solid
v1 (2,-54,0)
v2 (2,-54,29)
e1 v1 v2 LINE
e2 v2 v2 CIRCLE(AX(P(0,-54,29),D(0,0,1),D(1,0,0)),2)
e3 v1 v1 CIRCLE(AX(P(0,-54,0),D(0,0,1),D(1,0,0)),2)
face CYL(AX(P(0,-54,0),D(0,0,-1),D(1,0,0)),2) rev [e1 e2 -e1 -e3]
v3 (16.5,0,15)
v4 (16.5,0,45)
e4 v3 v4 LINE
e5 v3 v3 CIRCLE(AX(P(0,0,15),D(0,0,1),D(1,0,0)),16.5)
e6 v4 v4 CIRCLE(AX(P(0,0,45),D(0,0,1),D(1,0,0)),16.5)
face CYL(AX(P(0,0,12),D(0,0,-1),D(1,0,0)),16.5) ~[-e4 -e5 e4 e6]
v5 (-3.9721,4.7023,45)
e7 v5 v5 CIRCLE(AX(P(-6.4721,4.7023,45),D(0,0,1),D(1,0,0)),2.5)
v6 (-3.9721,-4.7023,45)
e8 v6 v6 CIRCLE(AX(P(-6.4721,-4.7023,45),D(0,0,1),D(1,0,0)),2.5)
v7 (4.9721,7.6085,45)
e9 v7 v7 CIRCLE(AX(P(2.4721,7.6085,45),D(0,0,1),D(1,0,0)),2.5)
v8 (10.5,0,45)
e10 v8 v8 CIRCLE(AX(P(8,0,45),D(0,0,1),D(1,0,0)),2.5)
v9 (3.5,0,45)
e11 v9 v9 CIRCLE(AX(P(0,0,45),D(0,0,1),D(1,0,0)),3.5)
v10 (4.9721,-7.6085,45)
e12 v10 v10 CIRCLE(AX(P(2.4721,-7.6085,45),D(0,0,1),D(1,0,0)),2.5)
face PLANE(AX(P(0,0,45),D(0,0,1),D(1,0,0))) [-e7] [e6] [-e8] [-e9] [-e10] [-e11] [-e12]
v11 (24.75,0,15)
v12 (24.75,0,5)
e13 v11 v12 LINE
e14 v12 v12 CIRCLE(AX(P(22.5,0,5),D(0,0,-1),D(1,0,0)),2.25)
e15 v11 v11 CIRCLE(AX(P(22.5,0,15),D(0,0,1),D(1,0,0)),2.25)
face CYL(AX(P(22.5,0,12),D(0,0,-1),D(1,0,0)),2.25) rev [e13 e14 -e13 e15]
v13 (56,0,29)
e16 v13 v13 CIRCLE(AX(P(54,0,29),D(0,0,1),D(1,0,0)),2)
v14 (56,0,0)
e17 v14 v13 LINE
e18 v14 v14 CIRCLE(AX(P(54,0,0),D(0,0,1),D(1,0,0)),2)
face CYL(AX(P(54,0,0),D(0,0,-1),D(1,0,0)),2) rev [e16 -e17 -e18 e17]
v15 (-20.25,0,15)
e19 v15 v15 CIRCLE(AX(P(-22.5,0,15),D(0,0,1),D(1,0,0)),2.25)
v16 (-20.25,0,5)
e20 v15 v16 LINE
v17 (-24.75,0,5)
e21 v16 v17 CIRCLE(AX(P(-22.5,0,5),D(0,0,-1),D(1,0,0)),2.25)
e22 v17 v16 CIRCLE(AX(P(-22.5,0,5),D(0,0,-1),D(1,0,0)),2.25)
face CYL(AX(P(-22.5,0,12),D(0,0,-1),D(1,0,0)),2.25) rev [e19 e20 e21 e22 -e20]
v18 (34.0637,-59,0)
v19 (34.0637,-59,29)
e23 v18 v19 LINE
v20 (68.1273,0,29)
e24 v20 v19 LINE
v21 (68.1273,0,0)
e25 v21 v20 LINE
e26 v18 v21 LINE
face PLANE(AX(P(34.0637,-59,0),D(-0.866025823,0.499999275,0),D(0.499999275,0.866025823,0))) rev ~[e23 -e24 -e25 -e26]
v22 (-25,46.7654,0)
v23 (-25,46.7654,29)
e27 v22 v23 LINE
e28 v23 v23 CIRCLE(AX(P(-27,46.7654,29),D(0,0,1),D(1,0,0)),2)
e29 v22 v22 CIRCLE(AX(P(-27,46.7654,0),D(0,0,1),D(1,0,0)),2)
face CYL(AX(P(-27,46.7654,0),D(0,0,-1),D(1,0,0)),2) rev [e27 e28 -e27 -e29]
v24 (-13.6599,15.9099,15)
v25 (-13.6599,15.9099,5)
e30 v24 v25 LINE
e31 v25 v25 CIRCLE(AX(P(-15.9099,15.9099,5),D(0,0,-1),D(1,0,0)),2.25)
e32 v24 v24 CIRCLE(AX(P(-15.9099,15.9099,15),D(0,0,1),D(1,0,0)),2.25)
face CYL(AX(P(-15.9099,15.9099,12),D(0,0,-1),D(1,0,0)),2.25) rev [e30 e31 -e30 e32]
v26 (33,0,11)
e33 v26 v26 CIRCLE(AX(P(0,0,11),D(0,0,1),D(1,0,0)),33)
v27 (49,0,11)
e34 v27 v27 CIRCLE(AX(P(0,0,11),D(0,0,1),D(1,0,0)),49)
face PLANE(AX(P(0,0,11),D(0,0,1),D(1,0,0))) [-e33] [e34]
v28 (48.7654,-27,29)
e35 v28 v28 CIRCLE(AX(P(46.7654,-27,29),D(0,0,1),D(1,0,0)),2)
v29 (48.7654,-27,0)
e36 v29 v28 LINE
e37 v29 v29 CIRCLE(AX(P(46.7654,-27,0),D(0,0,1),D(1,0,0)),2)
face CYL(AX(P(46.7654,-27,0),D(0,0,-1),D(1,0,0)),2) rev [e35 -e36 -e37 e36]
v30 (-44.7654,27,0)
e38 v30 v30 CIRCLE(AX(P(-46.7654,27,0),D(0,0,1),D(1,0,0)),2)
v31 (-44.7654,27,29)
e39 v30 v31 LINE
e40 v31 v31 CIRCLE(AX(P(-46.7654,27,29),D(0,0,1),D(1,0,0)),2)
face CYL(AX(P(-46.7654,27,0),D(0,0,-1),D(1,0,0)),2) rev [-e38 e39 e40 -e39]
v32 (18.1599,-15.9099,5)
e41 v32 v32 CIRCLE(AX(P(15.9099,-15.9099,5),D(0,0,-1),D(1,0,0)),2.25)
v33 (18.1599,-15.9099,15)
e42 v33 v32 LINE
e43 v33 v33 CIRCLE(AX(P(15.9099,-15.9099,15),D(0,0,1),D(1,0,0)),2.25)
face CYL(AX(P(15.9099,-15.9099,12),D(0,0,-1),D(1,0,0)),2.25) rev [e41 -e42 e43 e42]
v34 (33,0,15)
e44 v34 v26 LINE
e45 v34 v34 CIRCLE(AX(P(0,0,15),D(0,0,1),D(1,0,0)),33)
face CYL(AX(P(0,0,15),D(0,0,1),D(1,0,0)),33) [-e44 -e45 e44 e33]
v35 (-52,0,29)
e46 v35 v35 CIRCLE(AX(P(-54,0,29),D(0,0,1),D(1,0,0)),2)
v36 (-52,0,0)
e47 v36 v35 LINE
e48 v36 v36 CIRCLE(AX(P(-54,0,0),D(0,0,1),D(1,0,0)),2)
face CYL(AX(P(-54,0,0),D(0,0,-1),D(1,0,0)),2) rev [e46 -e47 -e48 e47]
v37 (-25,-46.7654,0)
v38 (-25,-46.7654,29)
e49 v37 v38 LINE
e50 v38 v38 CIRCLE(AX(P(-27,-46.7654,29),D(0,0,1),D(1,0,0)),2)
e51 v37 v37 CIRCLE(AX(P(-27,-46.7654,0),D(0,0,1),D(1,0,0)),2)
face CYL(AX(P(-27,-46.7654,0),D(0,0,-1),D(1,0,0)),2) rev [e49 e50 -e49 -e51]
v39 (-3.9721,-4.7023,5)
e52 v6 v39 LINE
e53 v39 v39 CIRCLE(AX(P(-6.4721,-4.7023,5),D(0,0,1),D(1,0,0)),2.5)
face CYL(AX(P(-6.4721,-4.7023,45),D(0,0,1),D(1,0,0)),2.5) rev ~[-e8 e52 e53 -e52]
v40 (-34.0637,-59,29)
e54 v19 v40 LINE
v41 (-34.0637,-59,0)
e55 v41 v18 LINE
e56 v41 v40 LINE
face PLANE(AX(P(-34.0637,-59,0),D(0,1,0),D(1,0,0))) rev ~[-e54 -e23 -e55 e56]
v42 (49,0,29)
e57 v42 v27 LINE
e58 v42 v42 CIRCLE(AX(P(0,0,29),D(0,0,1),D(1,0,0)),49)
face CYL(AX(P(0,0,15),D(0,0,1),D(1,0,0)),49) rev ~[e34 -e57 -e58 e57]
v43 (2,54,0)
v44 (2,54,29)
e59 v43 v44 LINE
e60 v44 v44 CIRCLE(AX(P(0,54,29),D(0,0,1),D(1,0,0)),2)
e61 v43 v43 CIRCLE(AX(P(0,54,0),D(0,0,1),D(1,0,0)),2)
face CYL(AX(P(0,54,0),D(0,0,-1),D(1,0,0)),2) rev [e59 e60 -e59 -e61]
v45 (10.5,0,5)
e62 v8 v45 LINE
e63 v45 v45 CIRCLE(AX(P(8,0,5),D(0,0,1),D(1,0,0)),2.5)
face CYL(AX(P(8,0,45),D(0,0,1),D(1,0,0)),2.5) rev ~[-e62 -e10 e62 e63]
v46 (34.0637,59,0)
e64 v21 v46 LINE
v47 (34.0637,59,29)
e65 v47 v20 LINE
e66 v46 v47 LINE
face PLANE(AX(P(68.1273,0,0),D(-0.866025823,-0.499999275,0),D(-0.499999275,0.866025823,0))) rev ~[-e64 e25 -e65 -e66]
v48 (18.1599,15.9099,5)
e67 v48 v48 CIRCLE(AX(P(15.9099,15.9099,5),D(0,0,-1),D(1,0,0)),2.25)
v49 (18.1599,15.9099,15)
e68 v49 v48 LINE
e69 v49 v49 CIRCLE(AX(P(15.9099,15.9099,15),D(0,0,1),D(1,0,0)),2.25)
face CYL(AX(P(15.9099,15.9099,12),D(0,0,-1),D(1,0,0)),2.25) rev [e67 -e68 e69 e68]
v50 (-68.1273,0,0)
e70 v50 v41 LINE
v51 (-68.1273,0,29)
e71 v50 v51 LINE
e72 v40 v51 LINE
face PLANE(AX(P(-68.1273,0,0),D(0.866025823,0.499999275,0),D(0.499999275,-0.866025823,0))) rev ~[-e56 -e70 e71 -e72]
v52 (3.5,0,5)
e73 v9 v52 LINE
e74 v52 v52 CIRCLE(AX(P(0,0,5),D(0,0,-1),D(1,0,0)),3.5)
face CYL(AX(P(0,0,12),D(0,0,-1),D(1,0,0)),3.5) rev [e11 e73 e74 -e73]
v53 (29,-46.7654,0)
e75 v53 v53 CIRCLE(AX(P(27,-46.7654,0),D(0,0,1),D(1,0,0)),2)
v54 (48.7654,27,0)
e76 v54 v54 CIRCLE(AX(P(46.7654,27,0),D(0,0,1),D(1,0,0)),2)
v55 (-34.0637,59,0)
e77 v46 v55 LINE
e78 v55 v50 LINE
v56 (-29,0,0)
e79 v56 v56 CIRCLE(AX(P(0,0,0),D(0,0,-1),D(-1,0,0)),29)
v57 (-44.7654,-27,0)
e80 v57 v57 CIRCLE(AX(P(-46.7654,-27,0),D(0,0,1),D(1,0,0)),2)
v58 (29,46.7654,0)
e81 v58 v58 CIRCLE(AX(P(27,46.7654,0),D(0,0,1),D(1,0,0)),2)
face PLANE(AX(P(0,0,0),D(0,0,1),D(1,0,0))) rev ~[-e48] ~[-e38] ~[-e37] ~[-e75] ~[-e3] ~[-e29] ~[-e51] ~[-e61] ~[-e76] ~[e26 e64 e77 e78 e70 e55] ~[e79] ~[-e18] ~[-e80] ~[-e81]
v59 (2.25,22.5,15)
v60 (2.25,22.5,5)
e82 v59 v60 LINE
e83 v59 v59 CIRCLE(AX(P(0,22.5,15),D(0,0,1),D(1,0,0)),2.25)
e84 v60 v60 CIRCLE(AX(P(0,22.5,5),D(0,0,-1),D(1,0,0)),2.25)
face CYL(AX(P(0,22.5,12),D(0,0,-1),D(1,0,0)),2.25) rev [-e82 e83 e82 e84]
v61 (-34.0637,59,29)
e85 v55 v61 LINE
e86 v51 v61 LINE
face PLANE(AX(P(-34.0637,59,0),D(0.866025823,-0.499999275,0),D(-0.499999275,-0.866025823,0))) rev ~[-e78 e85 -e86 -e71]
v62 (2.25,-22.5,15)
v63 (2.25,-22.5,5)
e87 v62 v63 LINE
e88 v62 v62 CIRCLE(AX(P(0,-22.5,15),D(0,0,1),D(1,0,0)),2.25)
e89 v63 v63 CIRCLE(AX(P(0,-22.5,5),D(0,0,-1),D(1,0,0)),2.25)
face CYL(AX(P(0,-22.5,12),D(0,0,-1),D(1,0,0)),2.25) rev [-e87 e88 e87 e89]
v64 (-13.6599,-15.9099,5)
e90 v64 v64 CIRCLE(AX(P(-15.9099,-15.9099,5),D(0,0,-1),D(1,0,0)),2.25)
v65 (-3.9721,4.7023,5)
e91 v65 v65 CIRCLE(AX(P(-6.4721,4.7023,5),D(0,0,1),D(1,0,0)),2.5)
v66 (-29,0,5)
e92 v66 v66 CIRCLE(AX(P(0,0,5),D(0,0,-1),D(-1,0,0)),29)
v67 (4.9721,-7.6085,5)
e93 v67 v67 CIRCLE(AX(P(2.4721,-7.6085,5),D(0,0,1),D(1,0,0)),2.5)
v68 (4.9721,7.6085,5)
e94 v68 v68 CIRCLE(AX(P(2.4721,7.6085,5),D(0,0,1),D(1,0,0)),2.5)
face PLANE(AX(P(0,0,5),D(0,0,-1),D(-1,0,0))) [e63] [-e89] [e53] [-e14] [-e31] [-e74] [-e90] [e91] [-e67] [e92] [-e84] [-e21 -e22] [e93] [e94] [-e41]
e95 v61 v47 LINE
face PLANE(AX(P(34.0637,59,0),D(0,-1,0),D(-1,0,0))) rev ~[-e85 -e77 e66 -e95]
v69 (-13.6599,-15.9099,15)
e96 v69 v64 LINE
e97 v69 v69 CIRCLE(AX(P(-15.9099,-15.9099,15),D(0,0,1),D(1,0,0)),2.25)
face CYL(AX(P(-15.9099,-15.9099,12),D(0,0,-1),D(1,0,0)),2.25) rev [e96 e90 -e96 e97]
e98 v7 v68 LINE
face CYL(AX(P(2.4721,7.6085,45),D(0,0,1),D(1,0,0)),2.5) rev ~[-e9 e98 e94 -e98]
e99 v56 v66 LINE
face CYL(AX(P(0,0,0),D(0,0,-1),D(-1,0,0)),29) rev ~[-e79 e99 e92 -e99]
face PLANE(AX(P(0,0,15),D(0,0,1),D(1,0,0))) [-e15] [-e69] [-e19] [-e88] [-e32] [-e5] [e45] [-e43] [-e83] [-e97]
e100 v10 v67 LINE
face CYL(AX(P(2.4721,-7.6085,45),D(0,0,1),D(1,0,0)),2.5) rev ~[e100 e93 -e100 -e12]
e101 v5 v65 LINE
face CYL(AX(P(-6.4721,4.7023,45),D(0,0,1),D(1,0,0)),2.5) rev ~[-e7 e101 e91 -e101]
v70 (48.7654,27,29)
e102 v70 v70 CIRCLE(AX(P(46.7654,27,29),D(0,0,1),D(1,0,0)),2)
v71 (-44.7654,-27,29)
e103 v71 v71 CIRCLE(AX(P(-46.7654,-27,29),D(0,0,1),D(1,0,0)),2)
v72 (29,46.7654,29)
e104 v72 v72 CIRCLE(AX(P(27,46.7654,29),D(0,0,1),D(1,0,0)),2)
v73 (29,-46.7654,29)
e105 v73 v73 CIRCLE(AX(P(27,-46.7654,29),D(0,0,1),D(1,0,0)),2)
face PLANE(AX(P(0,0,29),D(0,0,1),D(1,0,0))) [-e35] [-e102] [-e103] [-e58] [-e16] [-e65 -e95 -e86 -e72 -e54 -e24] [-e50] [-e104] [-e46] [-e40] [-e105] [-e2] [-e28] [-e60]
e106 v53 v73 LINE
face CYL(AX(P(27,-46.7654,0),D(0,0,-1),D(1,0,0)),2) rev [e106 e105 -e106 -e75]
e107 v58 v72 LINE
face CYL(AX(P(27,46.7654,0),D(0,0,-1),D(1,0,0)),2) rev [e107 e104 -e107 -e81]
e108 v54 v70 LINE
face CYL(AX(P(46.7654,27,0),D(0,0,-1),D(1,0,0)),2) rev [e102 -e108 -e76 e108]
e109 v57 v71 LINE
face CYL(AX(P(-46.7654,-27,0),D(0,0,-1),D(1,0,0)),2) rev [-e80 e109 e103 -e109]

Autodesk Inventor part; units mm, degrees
ref_plane "YZ Plane" through (0, 0, 0) normal (1, 0, 0) x (0, 1, 0)
ref_plane "XZ Plane" through (0, 0, 0) normal (0, 1, 0) x (-1, 0, 0)
ref_plane "XY Plane" through (0, 0, 0) normal (0, 0, 1) x (1, 0, 0)
sketch "Sketch1" plane through (0, 0, 0) normal (0, 0, 1) x (1, 0, 0)
  circle A0 centre (0, 0) radius 3.5
  line L0 (77.9423, 0) -> (38.9711, -67.5)
  line L1 (38.9711, -67.5) -> (-38.9711, -67.5)
  line L2 (-38.9711, -67.5) -> (-77.9423, 0)
  line L3 (-77.9423, 0) -> (-38.9711, 67.5)
  line L4 (-38.9711, 67.5) -> (38.9711, 67.5)
  line L5 (38.9711, 67.5) -> (77.9423, 0)
  circle A1 centre (22.5, 0) radius 2.25
  circle A2 centre (54, 0) radius 2
  circle A3 centre (15.9099, 15.9099) radius 2.25
  circle A4 centre (0, 22.5) radius 2.25
  circle A5 centre (-15.9099, 15.9099) radius 2.25
  circle A6 centre (-22.5, 0) radius 2.25
  circle A7 centre (-15.9099, -15.9099) radius 2.25
  circle A8 centre (0, -22.5) radius 2.25
  circle A9 centre (15.9099, -15.9099) radius 2.25
  circle A10 centre (46.7654, 27) radius 2
  circle A11 centre (27, 46.7654) radius 2
  circle A12 centre (0, 54) radius 2
  circle A13 centre (-27, 46.7654) radius 2
  circle A14 centre (-46.7654, 27) radius 2
  circle A15 centre (-54, 0) radius 2
  circle A16 centre (-46.7654, -27) radius 2
  circle A17 centre (-27, -46.7654) radius 2
  circle A18 centre (0, -54) radius 2
  circle A19 centre (27, -46.7654) radius 2
  circle A20 centre (46.7654, -27) radius 2
  dimension "d0" = 7
  dimension "d1" = 135
  dimension "d2" = 22.5
  dimension "d3" = 4.5
  dimension "d4" = 4
  dimension "d5" = 54
  dimension "d8" = 360
  dimension "d12" = 360
extrude "Extrusion1" add sketch "Sketch1" along normal blind 30
sketch "Sketch2" plane through (0, 0, 30) normal (0, 0, 1) x (1, 0, 0)
  circle A0 centre (0, 0) radius 3.5 projected
  circle A1 centre (0, 0) radius 49
  dimension "d16" = 98
extrude "Extrusion2" cut sketch "Sketch2" against normal blind 15
sketch "Sketch3" plane through (0, 0, 15) normal (0, 0, 1) x (1, 0, 0)
  circle A0 centre (0, 0) radius 33
  dimension "d19" = 66
extrude "Extrusion3" cut sketch "Sketch3" against normal blind 3
sketch "Sketch4" plane through (0, 0, 12) normal (0, 0, 1) x (1, 0, 0)
  circle A0 centre (0, 0) radius 16.5
  circle A1 centre (0, 0) radius 3.5 projected
  dimension "d22" = 33
extrude "Extrusion4" add sketch "Sketch4" along normal blind 33
sketch "Sketch5" plane through (0, 0, 45) normal (0, 0, 1) x (1, 0, 0)
  circle A0 centre (8, 0) radius 2.5
  circle A1 centre (2.4721, 7.6085) radius 2.5
  circle A2 centre (-6.4721, 4.7023) radius 2.5
  circle A3 centre (-6.4721, -4.7023) radius 2.5
  circle A4 centre (2.4721, -7.6085) radius 2.5
  point P0 (0, 0)
  dimension "d25" = 5
  dimension "d26" = 8
  dimension "d29" = 360
extrude "Extrusion5" cut sketch "Sketch5" against normal through all
sketch "Sketch6" plane through (0, 0, 0) normal (0, 0, -1) x (-1, 0, 0)
  circle A0 centre (0, 0) radius 17.5
  dimension "d33" = 35
extrude "Extrusion6" cut sketch "Sketch6" against normal blind 5
sketch "Sketch10" plane through (0, 0, 0) normal (0, 0, -1) x (-1, 0, 0)
  circle A0 centre (22.5, 0) radius 2.25 projected
  circle A1 centre (0, 0) radius 3.5 projected
  circle A2 centre (0, 0) radius 20.25
  circle A3 centre (0, 0) radius 24.75
  circle A4 centre (0, 0) radius 16
  circle A5 centre (0, 0) radius 29
  line L0 (29, 0) -> (16, 0)
  dimension "d38" = 13
extrude "Extrusion7" cut sketch "Sketch10" against normal blind 5 contours L0 A0 | A2 | A3 | A5 | A0 L0
sketch "Sketch11" plane through (0, 0, 12) normal (0, 0, 1) x (1, 0, 0)
  circle A0 centre (0, 0) radius 16.5 projected
  circle A1 centre (15.9099, -15.9099) radius 2.25 projected
  circle A2 centre (0, -22.5) radius 2.25 projected
  circle A3 centre (-15.9099, -15.9099) radius 2.25 projected
  circle A4 centre (-22.5, 0) radius 2.25 projected
  circle A5 centre (-15.9099, 15.9099) radius 2.25 projected
  circle A6 centre (0, 22.5) radius 2.25 projected
  circle A7 centre (15.9099, 15.9099) radius 2.25 projected
  circle A8 centre (22.5, 0) radius 2.25 projected
  circle A9 centre (0, 0) radius 33 projected
extrude "Extrusion8" add sketch "Sketch11" along normal up to surface (3 mm away) from surface at 0
sketch "Sketch12" plane through (0, 0, 30) normal (0, 0, 1) x (1, 0, 0)
  circle A0 centre (0, 0) radius 49 projected
  circle A1 centre (46.7654, -27) radius 2 projected
  circle A2 centre (27, -46.7654) radius 2 projected
  circle A3 centre (0, -54) radius 2 projected
  circle A4 centre (-27, -46.7654) radius 2 projected
  circle A5 centre (-46.7654, -27) radius 2 projected
  circle A6 centre (-54, 0) radius 2 projected
  circle A7 centre (-46.7654, 27) radius 2 projected
  circle A8 centre (-27, 46.7654) radius 2 projected
  circle A9 centre (0, 54) radius 2 projected
  circle A10 centre (27, 46.7654) radius 2 projected
  circle A11 centre (46.7654, 27) radius 2 projected
  circle A12 centre (54, 0) radius 2 projected
  line L0 (38.9711, -67.5) -> (77.9423, 0) projected
  line L1 (77.9423, 0) -> (38.9711, 67.5) projected
  line L2 (38.9711, 67.5) -> (-38.9711, 67.5) projected
  line L3 (-38.9711, 67.5) -> (-77.9423, 0) projected
  line L4 (-77.9423, 0) -> (-38.9711, -67.5) projected
  line L5 (-38.9711, -67.5) -> (38.9711, -67.5) projected
extrude "Extrusion9" cut sketch "Sketch12" against normal blind 1
sketch "Sketch14" plane through (0, 0, 15) normal (0, 0, 1) x (1, 0, 0)
  circle A0 centre (0, 0) radius 3.5 projected
  circle A1 centre (0, 0) radius 33
  circle A2 centre (15.9099, -15.9099) radius 2.25 projected
  circle A3 centre (0, -22.5) radius 2.25 projected
  circle A4 centre (-15.9099, -15.9099) radius 2.25 projected
  circle A5 centre (-22.5, 0) radius 2.25 projected
  circle A6 centre (-15.9099, 15.9099) radius 2.25 projected
  circle A7 centre (0, 22.5) radius 2.25 projected
  circle A8 centre (15.9099, 15.9099) radius 2.25 projected
  circle A9 centre (22.5, 0) radius 2.25 projected
  circle A10 centre (0, 0) radius 16.5 projected
  circle A11 centre (0, 0) radius 49 projected
  dimension "d45" = 66
extrude "Extrusion10" cut sketch "Sketch14" against normal blind 4 contours A11
sketch "Sketch15" plane through (0, 0, 29) normal (0, 0, 1) x (1, 0, 0)
  circle A0 centre (0, 0) radius 49 construction
  circle A1 centre (54, 0) radius 2 construction
  circle A2 centre (46.7654, 27) radius 2 construction
  circle A3 centre (27, 46.7654) radius 2 construction
  circle A4 centre (0, 54) radius 2 construction
  circle A5 centre (-27, 46.7654) radius 2 construction
  circle A6 centre (-46.7654, 27) radius 2 construction
  circle A7 centre (-54, 0) radius 2 construction
  circle A8 centre (-46.7654, -27) radius 2 construction
  circle A9 centre (-27, -46.7654) radius 2 construction
  circle A10 centre (0, -54) radius 2 construction
  circle A11 centre (27, -46.7654) radius 2 construction
  circle A12 centre (46.7654, -27) radius 2 construction
  line L0 (77.9423, 0) -> (38.9711, -67.5) projected
  line L1 (38.9711, 67.5) -> (77.9423, 0) projected
  line L2 (-38.9711, 67.5) -> (38.9711, 67.5) projected
  line L3 (-77.9423, 0) -> (-38.9711, 67.5) projected
  line L4 (-38.9711, -67.5) -> (-77.9423, 0) projected
  line L5 (38.9711, -67.5) -> (-38.9711, -67.5) projected
  line L6 (36.0844, 62.5) -> (72.1688, 0)
  line L7 (72.1688, 0) -> (36.0844, -62.5)
  line L8 (36.0844, -62.5) -> (-36.0844, -62.5)
  line L9 (-36.0844, -62.5) -> (-72.1688, 0)
  line L10 (-72.1688, 0) -> (-36.0844, 62.5)
  line L11 (-36.0844, 62.5) -> (36.0844, 62.5)
  dimension "d48" = 5
extrude "Extrusion11" add sketch "Sketch15" along normal blind 0.8
sketch "Sketch16" plane through (0, 0, 0) normal (0, 0, -1) x (-1, 0, 0)
  circle A0 centre (0, 0) radius 29 projected
  circle A1 centre (-46.7654, -27) radius 2 projected
  circle A2 centre (-27, -46.7654) radius 2 projected
  circle A3 centre (0, -54) radius 2 projected
  circle A4 centre (27, -46.7654) radius 2 projected
  circle A5 centre (46.7654, -27) radius 2 projected
  circle A6 centre (54, 0) radius 2 projected
  circle A7 centre (46.7654, 27) radius 2 projected
  circle A8 centre (27, 46.7654) radius 2 projected
  circle A9 centre (0, 54) radius 2 projected
  circle A10 centre (-27, 46.7654) radius 2 projected
  circle A11 centre (-46.7654, 27) radius 2 projected
  circle A12 centre (-54, 0) radius 2 projected
  line L0 (-77.9423, 0) -> (-38.9711, -67.5) projected
  line L1 (-38.9711, -67.5) -> (38.9711, -67.5) projected
  line L2 (38.9711, -67.5) -> (77.9423, 0) projected
  line L3 (77.9423, 0) -> (38.9711, 67.5) projected
  line L4 (38.9711, 67.5) -> (-38.9711, 67.5) projected
  line L5 (-38.9711, 67.5) -> (-77.9423, 0) projected
  line L6 (68.1273, 0) -> (34.0637, -59)
  line L7 (34.0637, -59) -> (-34.0637, -59)
  line L8 (-34.0637, -59) -> (-68.1273, 0)
  line L9 (-68.1273, 0) -> (-34.0637, 59)
  line L10 (-34.0637, 59) -> (34.0637, 59)
  line L11 (34.0637, 59) -> (68.1273, 0)
  dimension "d51" = 118
extrude "Extrusion12" cut sketch "Sketch16" along normal through all both and the other way through all contours L5 L4 L3 L2 L1 L0
properties part number "AC05" material "ABS Plastic"
